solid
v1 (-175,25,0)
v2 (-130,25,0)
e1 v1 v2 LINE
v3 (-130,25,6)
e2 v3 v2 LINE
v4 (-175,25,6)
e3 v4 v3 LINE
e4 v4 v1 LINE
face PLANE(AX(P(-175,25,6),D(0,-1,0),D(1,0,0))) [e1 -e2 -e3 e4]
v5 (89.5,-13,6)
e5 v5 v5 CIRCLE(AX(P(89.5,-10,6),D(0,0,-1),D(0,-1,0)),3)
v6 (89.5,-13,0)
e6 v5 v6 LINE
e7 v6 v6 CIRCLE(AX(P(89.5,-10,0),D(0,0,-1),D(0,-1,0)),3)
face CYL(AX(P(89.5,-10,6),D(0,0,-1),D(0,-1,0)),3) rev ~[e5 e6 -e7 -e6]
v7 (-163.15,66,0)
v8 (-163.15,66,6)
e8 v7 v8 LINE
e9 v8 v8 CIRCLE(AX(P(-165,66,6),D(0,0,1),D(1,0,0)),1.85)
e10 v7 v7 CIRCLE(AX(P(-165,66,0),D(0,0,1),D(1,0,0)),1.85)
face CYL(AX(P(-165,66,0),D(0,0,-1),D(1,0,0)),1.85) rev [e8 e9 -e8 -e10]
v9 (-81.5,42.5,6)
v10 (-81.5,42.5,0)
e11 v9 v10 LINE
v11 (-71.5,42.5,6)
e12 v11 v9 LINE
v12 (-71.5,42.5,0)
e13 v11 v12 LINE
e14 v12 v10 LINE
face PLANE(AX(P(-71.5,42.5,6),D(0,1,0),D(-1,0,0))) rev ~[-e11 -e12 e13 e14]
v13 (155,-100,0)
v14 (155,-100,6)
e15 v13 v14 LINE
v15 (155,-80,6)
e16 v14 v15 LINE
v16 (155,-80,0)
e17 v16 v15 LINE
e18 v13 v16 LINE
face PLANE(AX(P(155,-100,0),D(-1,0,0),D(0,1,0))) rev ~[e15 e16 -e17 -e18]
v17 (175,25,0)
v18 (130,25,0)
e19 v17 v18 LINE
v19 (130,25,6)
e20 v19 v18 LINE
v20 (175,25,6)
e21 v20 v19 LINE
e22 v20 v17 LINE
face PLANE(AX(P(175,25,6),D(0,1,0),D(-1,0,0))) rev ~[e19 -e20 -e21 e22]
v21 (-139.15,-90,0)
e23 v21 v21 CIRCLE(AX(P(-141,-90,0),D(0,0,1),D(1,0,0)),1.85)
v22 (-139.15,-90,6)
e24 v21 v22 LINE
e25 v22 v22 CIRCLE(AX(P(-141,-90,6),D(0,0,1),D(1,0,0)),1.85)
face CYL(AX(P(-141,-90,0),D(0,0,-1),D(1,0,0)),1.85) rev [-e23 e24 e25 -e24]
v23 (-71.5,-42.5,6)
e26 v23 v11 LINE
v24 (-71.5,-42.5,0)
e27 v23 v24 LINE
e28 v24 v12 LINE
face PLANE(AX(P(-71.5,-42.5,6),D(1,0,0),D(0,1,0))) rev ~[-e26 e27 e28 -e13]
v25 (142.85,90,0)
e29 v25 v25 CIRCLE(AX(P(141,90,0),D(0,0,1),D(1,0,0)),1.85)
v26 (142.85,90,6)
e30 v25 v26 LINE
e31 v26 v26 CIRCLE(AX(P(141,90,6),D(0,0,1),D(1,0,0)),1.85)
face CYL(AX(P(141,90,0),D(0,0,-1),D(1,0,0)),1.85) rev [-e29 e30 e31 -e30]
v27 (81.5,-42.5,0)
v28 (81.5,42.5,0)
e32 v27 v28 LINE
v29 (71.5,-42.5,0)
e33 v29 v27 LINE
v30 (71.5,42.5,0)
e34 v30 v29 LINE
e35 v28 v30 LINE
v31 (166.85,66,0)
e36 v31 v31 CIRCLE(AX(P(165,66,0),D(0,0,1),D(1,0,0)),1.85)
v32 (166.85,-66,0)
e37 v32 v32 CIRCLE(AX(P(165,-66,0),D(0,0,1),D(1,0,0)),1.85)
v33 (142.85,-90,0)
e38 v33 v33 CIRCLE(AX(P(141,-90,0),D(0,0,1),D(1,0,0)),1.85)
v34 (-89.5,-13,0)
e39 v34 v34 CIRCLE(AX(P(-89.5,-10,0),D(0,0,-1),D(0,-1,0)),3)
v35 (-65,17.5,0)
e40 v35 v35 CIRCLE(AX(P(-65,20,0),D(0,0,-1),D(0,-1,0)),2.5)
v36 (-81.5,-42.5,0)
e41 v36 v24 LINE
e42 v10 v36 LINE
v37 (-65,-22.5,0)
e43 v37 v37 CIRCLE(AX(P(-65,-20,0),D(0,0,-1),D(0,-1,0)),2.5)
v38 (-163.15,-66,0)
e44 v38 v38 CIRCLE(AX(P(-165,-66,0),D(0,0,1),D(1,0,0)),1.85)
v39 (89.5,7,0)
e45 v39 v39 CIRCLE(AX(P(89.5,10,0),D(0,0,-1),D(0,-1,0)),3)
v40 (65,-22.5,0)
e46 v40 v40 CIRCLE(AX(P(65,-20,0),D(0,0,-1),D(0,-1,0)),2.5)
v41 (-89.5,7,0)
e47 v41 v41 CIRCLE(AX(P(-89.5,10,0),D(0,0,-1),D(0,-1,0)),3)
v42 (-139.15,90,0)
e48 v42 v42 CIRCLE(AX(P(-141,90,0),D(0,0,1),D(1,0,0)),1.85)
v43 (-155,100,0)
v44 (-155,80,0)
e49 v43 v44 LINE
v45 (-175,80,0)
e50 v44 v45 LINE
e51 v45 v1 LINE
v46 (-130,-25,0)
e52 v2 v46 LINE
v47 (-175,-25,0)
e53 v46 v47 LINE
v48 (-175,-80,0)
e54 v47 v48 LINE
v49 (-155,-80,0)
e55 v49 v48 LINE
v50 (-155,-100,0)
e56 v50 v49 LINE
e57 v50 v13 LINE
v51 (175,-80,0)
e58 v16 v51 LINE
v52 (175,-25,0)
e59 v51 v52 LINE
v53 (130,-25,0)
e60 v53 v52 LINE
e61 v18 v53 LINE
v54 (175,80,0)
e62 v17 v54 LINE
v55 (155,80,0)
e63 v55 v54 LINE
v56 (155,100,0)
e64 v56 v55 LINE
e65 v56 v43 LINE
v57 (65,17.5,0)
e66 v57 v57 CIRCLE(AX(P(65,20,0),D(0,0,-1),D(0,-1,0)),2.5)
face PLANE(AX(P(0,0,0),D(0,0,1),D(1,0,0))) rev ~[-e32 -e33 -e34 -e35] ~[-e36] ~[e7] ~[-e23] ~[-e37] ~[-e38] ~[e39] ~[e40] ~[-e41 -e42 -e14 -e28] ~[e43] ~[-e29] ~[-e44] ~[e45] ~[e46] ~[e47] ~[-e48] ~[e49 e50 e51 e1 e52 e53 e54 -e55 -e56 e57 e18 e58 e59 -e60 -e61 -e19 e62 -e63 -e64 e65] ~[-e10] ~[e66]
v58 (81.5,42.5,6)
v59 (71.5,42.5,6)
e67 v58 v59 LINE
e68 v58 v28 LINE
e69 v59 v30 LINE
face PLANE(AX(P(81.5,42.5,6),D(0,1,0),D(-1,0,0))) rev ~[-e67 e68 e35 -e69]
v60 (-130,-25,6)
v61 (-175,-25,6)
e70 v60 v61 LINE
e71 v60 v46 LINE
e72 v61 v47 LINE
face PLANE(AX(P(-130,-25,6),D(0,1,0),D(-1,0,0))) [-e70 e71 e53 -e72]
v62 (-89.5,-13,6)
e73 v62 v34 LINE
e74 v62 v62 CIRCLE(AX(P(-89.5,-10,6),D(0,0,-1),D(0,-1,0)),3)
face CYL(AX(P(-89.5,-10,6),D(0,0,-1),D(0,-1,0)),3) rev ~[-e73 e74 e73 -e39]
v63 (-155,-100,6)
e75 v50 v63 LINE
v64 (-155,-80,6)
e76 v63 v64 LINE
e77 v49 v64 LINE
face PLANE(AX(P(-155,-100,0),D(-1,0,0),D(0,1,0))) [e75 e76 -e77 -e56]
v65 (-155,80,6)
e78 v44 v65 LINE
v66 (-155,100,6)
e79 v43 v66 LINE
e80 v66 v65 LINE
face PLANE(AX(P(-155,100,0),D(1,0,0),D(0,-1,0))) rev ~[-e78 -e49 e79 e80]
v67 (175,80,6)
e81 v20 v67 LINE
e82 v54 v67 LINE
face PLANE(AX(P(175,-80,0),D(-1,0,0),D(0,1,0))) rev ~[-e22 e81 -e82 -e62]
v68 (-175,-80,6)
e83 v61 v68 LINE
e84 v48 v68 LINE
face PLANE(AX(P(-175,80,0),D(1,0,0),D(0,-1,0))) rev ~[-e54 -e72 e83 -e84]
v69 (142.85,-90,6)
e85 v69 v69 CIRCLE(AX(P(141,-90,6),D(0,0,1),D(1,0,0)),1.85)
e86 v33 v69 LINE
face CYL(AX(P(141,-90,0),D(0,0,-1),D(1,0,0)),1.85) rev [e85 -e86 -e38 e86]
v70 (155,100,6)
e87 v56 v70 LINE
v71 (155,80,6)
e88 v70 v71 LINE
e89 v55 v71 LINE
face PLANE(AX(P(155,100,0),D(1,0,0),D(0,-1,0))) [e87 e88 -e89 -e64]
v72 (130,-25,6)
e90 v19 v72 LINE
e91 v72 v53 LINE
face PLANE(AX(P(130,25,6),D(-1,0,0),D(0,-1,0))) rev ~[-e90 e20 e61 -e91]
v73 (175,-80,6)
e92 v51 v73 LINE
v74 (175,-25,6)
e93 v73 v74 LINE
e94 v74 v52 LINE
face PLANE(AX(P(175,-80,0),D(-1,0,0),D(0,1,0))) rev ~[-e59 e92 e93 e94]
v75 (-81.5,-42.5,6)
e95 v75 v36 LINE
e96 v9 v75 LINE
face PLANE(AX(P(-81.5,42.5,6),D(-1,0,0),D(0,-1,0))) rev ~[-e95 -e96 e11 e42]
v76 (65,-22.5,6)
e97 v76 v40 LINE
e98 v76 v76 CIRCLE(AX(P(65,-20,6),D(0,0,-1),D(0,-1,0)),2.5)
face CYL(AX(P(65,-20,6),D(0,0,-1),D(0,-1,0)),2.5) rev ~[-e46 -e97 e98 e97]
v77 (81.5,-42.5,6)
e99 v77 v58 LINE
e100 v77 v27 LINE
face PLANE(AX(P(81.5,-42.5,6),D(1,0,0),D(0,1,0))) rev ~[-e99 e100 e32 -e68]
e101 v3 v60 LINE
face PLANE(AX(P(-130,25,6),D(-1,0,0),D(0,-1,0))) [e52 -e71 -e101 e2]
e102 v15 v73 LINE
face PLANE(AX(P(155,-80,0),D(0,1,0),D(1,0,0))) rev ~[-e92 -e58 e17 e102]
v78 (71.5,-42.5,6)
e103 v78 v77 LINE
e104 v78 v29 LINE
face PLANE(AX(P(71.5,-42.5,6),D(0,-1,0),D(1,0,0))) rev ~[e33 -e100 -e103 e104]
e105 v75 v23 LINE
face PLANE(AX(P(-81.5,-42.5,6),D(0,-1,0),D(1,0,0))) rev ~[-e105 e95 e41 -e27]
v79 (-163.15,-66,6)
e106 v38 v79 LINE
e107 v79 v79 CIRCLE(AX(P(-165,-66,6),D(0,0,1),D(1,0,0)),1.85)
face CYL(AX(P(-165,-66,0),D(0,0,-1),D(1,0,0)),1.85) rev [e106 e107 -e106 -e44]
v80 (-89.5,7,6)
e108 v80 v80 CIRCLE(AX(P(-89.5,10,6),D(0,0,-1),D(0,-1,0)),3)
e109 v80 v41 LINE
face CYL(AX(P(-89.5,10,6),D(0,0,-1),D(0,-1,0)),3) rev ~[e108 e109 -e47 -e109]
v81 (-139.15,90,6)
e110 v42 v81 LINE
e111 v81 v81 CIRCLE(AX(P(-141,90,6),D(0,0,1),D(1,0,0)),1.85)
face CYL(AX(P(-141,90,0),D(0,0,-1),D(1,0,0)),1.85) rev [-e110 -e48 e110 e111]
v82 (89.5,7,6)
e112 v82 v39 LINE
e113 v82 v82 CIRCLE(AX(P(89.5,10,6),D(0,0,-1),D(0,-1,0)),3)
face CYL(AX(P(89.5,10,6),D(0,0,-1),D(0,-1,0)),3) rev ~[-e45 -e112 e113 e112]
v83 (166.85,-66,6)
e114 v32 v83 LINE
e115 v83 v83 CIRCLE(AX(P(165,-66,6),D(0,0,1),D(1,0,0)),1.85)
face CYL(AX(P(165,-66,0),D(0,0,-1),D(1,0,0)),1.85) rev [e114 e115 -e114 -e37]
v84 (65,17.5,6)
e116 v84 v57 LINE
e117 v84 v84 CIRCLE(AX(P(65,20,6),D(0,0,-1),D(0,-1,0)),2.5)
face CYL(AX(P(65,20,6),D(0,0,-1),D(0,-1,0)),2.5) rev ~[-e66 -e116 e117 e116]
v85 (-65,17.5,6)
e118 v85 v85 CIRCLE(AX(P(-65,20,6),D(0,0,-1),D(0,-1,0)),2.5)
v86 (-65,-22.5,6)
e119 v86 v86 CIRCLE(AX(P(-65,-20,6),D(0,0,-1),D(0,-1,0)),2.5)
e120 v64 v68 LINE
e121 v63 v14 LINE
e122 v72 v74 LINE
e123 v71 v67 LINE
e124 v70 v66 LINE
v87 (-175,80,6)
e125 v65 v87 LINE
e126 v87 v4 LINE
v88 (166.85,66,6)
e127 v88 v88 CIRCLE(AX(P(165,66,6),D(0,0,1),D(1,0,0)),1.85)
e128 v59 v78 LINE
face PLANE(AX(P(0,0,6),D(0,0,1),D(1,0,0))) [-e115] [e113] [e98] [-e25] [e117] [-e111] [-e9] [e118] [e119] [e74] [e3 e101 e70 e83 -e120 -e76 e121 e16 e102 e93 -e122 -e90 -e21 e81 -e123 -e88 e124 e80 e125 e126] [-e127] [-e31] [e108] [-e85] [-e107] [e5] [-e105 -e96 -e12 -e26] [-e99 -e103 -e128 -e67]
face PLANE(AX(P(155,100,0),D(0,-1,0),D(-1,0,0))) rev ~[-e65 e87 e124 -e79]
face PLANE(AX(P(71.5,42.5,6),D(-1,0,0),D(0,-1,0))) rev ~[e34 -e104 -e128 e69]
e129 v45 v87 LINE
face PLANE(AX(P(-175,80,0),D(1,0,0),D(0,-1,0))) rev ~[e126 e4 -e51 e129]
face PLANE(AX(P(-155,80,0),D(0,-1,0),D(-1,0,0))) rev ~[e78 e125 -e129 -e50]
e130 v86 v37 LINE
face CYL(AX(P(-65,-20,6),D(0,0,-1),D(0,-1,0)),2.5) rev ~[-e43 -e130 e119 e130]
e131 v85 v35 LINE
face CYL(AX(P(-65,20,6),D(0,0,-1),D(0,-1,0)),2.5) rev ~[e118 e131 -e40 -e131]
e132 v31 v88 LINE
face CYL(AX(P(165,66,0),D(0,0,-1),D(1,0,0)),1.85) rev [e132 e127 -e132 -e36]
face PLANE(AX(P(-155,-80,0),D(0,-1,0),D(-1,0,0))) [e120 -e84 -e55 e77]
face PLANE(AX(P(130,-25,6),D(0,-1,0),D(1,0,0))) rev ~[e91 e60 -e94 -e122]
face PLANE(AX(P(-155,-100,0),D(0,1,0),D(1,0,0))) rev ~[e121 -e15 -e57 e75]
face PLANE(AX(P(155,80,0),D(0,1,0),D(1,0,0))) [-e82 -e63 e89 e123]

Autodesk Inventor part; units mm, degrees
ref_plane "YZ Plane" through (0, 0, 0) normal (1, 0, 0) x (0, 1, 0)
ref_plane "XZ Plane" through (0, 0, 0) normal (0, 1, 0) x (-1, 0, 0)
ref_plane "XY Plane" through (0, 0, 0) normal (0, 0, 1) x (1, 0, 0)
sketch "Esquisse1" plane through (0, 0, 0) normal (0, 0, 1) x (1, 0, 0)
  line L0 (-155, -100) -> (155, -100)
  line L1 (175, -80) -> (175, 80)
  line L2 (155, 100) -> (-155, 100)
  line L3 (-175, 80) -> (-175, -80)
  line L4 (-175, -100) -> (175, 100) construction
  line L5 (175, -100) -> (-175, 100) construction
  line L6 (-155, 100) -> (-155, 80)
  line L7 (-155, 80) -> (-175, 80)
  line L8 (155, 100) -> (155, 80)
  line L9 (155, 80) -> (175, 80)
  line L10 (155, -100) -> (155, -80)
  line L11 (155, -80) -> (175, -80)
  line L12 (-155, -100) -> (-155, -80)
  line L13 (-155, -80) -> (-175, -80)
  circle A0 centre (-141, 90) radius 1.85
  circle A1 centre (-165, 66) radius 1.85
  circle A2 centre (-165, -66) radius 1.85
  circle A3 centre (-141, -90) radius 1.85
  circle A4 centre (141, 90) radius 1.85
  circle A5 centre (165, 66) radius 1.85
  circle A6 centre (165, -66) radius 1.85
  circle A7 centre (141, -90) radius 1.85
  point P0 (0, 0)
  dimension "d43" = 350
  dimension "d44" = 200
  dimension "d45" = 20
  dimension "d46" = 20
  dimension "d47" = 20
  dimension "d48" = 20
  dimension "d49" = 20
  dimension "d50" = 20
  dimension "d51" = 20
  dimension "d52" = 20
  dimension "d53" = 3.7
  dimension "d54" = 3.7
  dimension "d55" = 3.7
  dimension "d56" = 3.7
  dimension "d57" = 3.7
  dimension "d58" = 3.7
  dimension "d59" = 3.7
  dimension "d60" = 3.7
  dimension "d61" = 10
  dimension "d62" = 10
  dimension "d63" = 10
  dimension "d64" = 10
  dimension "d65" = 10
  dimension "d66" = 10
  dimension "d67" = 10
  dimension "d68" = 10
  dimension "d69" = 14
  dimension "d70" = 14
  dimension "d71" = 14
  dimension "d72" = 14
  dimension "d73" = 14
  dimension "d74" = 14
  dimension "d136" = 14
  dimension "d137" = 14
extrude "Extrusion2" add sketch "Esquisse1" along normal blind 6
sketch "Esquisse3" plane through (0, 0, 6) normal (0, 0, 1) x (1, 0, 0)
  line L0 (175, -80) -> (175, 80) projected
  line L1 (175, -25) -> (175, 25)
  line L2 (175, 25) -> (130, 25)
  line L3 (130, 25) -> (130, -25)
  line L4 (130, -25) -> (175, -25)
  line L5 (155, 100) -> (-155, 100) projected
  line L6 (-175, -80) -> (-175, 80) projected
  line L7 (-175, -25) -> (-175, 25)
  line L8 (-175, 25) -> (-130, 25)
  line L9 (-130, 25) -> (-130, -25)
  line L10 (-130, -25) -> (-175, -25)
  point P0 (0, 0)
  dimension "d77" = 45
  dimension "d78" = 50
  dimension "d79" = 75
  dimension "d80" = 50
  dimension "d81" = 45
extrude "Extrusion3" cut sketch "Esquisse3" against normal blind 6
sketch "Esquisse4" plane through (0, 0, 6) normal (0, 0, 1) x (1, 0, 0)
  circle A0 centre (-89.5, 10) radius 3
  circle A1 centre (-89.5, -10) radius 3
  circle A2 centre (89.5, 10) radius 3
  circle A3 centre (89.5, -10) radius 3
  line L0 (-175, 80) -> (-175, 25) projected
  line L1 (-175, -25) -> (-175, -80) projected
  line L2 (175, 25) -> (175, 80) projected
  line L3 (175, -80) -> (175, -25) projected
  line L4 (155, 100) -> (-155, 100) projected
  line L5 (-155, -100) -> (155, -100) projected
  point P0 (0, 0)
  dimension "d84" = 6
  dimension "d85" = 6
  dimension "d86" = 6
  dimension "d87" = 6
  dimension "d88" = 85.5
  dimension "d89" = 85.5
  dimension "d90" = 85.5
  dimension "d91" = 85.5
  dimension "d92" = 90
  dimension "d93" = 90
  dimension "d94" = 90
  dimension "d95" = 90
hole "Perçage2" at (-89.5, 10, 6) at (-89.5, -10, 6) at (89.5, 10, 6) at (89.5, -10, 6) direction (0, 0, -1) diameter 6 depth 8 tip angle 118
sketch "Esquisse5" plane through (0, 0, 6) normal (0, 0, 1) x (1, 0, 0)
  line L0 (-81.5, -42.5) -> (-71.5, -42.5)
  line L1 (-71.5, -42.5) -> (-71.5, 42.5)
  line L2 (-71.5, 42.5) -> (-81.5, 42.5)
  line L3 (-81.5, 42.5) -> (-81.5, -42.5)
  line L4 (-81.5, -42.5) -> (-71.5, 42.5) construction
  line L5 (-71.5, -42.5) -> (-81.5, 42.5) construction
  line L6 (-175, -25) -> (-175, -80) projected
  line L7 (71.5, -42.5) -> (81.5, -42.5)
  line L8 (81.5, -42.5) -> (81.5, 42.5)
  line L9 (81.5, 42.5) -> (71.5, 42.5)
  line L10 (71.5, 42.5) -> (71.5, -42.5)
  line L11 (71.5, -42.5) -> (81.5, 42.5) construction
  line L12 (81.5, -42.5) -> (71.5, 42.5) construction
  line L13 (130, 25) -> (130, -25) projected
  line L14 (175, -80) -> (175, -25) projected
  line L15 (-155, -100) -> (155, -100) projected
  point P0 (0, 0)
  point P1 (-76.5, 0)
  point P2 (76.5, 0)
  dimension "d103" = 10
  dimension "d104" = 85
  dimension "d107" = 10
  dimension "d108" = 85
  dimension "d111" = 100
  dimension "d112" = 100
  dimension "d134" = 93.5
  dimension "d135" = 93.5
extrude "Extrusion4" cut sketch "Esquisse5" against normal blind 6
sketch "Esquisse6" plane through (0, 0, 6) normal (0, 0, 1) x (1, 0, 0)
  circle A0 centre (-65, 20) radius 2.5
  circle A1 centre (-65, -20) radius 2.5
  circle A2 centre (65, 20) radius 2.5
  circle A3 centre (65, -20) radius 2.5
  line L0 (175, 25) -> (175, 80) projected
  line L1 (175, -80) -> (175, -25) projected
  line L2 (-175, 80) -> (-175, 25) projected
  line L3 (-175, -25) -> (-175, -80) projected
  line L4 (155, 100) -> (-155, 100) projected
  line L5 (-155, -100) -> (155, -100) projected
  point P0 (0, 0)
  dimension "d115" = 5
  dimension "d116" = 5
  dimension "d117" = 5
  dimension "d118" = 5
  dimension "d119" = 110
  dimension "d120" = 110
  dimension "d121" = 110
  dimension "d122" = 110
  dimension "d123" = 80
  dimension "d124" = 80
  dimension "d125" = 80
  dimension "d126" = 80
hole "Perçage3" at (-65, 20, 6) at (-65, -20, 6) at (65, 20, 6) at (65, -20, 6) direction (0, 0, -1) diameter 5 depth 8 tip angle 118
equation "\"d45\" = d51"
equation "\"d46\" = d51"
equation "\"d47\" = d52"
equation "\"d48\" = d51"
equation "\"d49\" = d52"
equation "\"d50\" = d52"
equation "\"d52\" = d51"
equation "\"d54\" = d53"
equation "\"d55\" = d53"
equation "\"d56\" = d53"
equation "\"d57\" = d53"
equation "\"d58\" = d53"
equation "\"d59\" = d53"
equation "\"d60\" = d53"
equation "\"d61\" = d62"
equation "\"d63\" = d62"
equation "\"d64\" = d62"
equation "\"d65\" = d62"
equation "\"d66\" = d62"
equation "\"d67\" = d62"
equation "\"d68\" = d62"
equation "\"d70\" = d69"
equation "\"d71\" = d69"
equation "\"d72\" = d69"
equation "\"d73\" = d69"
equation "\"d74\" = d69"
equation "\"d136\" = d74"
equation "\"d137\" = d69"
equation "\"d85\" = d84"
equation "\"d86\" = d84"
equation "\"d87\" = d84"
equation "\"d89\" = d88"
equation "\"d90\" = d88"
equation "\"d91\" = d88"
equation "\"d93\" = d92"
equation "\"d94\" = d92"
equation "\"d95\" = d93"
properties part number "base" material "Bois (cerisier)"
